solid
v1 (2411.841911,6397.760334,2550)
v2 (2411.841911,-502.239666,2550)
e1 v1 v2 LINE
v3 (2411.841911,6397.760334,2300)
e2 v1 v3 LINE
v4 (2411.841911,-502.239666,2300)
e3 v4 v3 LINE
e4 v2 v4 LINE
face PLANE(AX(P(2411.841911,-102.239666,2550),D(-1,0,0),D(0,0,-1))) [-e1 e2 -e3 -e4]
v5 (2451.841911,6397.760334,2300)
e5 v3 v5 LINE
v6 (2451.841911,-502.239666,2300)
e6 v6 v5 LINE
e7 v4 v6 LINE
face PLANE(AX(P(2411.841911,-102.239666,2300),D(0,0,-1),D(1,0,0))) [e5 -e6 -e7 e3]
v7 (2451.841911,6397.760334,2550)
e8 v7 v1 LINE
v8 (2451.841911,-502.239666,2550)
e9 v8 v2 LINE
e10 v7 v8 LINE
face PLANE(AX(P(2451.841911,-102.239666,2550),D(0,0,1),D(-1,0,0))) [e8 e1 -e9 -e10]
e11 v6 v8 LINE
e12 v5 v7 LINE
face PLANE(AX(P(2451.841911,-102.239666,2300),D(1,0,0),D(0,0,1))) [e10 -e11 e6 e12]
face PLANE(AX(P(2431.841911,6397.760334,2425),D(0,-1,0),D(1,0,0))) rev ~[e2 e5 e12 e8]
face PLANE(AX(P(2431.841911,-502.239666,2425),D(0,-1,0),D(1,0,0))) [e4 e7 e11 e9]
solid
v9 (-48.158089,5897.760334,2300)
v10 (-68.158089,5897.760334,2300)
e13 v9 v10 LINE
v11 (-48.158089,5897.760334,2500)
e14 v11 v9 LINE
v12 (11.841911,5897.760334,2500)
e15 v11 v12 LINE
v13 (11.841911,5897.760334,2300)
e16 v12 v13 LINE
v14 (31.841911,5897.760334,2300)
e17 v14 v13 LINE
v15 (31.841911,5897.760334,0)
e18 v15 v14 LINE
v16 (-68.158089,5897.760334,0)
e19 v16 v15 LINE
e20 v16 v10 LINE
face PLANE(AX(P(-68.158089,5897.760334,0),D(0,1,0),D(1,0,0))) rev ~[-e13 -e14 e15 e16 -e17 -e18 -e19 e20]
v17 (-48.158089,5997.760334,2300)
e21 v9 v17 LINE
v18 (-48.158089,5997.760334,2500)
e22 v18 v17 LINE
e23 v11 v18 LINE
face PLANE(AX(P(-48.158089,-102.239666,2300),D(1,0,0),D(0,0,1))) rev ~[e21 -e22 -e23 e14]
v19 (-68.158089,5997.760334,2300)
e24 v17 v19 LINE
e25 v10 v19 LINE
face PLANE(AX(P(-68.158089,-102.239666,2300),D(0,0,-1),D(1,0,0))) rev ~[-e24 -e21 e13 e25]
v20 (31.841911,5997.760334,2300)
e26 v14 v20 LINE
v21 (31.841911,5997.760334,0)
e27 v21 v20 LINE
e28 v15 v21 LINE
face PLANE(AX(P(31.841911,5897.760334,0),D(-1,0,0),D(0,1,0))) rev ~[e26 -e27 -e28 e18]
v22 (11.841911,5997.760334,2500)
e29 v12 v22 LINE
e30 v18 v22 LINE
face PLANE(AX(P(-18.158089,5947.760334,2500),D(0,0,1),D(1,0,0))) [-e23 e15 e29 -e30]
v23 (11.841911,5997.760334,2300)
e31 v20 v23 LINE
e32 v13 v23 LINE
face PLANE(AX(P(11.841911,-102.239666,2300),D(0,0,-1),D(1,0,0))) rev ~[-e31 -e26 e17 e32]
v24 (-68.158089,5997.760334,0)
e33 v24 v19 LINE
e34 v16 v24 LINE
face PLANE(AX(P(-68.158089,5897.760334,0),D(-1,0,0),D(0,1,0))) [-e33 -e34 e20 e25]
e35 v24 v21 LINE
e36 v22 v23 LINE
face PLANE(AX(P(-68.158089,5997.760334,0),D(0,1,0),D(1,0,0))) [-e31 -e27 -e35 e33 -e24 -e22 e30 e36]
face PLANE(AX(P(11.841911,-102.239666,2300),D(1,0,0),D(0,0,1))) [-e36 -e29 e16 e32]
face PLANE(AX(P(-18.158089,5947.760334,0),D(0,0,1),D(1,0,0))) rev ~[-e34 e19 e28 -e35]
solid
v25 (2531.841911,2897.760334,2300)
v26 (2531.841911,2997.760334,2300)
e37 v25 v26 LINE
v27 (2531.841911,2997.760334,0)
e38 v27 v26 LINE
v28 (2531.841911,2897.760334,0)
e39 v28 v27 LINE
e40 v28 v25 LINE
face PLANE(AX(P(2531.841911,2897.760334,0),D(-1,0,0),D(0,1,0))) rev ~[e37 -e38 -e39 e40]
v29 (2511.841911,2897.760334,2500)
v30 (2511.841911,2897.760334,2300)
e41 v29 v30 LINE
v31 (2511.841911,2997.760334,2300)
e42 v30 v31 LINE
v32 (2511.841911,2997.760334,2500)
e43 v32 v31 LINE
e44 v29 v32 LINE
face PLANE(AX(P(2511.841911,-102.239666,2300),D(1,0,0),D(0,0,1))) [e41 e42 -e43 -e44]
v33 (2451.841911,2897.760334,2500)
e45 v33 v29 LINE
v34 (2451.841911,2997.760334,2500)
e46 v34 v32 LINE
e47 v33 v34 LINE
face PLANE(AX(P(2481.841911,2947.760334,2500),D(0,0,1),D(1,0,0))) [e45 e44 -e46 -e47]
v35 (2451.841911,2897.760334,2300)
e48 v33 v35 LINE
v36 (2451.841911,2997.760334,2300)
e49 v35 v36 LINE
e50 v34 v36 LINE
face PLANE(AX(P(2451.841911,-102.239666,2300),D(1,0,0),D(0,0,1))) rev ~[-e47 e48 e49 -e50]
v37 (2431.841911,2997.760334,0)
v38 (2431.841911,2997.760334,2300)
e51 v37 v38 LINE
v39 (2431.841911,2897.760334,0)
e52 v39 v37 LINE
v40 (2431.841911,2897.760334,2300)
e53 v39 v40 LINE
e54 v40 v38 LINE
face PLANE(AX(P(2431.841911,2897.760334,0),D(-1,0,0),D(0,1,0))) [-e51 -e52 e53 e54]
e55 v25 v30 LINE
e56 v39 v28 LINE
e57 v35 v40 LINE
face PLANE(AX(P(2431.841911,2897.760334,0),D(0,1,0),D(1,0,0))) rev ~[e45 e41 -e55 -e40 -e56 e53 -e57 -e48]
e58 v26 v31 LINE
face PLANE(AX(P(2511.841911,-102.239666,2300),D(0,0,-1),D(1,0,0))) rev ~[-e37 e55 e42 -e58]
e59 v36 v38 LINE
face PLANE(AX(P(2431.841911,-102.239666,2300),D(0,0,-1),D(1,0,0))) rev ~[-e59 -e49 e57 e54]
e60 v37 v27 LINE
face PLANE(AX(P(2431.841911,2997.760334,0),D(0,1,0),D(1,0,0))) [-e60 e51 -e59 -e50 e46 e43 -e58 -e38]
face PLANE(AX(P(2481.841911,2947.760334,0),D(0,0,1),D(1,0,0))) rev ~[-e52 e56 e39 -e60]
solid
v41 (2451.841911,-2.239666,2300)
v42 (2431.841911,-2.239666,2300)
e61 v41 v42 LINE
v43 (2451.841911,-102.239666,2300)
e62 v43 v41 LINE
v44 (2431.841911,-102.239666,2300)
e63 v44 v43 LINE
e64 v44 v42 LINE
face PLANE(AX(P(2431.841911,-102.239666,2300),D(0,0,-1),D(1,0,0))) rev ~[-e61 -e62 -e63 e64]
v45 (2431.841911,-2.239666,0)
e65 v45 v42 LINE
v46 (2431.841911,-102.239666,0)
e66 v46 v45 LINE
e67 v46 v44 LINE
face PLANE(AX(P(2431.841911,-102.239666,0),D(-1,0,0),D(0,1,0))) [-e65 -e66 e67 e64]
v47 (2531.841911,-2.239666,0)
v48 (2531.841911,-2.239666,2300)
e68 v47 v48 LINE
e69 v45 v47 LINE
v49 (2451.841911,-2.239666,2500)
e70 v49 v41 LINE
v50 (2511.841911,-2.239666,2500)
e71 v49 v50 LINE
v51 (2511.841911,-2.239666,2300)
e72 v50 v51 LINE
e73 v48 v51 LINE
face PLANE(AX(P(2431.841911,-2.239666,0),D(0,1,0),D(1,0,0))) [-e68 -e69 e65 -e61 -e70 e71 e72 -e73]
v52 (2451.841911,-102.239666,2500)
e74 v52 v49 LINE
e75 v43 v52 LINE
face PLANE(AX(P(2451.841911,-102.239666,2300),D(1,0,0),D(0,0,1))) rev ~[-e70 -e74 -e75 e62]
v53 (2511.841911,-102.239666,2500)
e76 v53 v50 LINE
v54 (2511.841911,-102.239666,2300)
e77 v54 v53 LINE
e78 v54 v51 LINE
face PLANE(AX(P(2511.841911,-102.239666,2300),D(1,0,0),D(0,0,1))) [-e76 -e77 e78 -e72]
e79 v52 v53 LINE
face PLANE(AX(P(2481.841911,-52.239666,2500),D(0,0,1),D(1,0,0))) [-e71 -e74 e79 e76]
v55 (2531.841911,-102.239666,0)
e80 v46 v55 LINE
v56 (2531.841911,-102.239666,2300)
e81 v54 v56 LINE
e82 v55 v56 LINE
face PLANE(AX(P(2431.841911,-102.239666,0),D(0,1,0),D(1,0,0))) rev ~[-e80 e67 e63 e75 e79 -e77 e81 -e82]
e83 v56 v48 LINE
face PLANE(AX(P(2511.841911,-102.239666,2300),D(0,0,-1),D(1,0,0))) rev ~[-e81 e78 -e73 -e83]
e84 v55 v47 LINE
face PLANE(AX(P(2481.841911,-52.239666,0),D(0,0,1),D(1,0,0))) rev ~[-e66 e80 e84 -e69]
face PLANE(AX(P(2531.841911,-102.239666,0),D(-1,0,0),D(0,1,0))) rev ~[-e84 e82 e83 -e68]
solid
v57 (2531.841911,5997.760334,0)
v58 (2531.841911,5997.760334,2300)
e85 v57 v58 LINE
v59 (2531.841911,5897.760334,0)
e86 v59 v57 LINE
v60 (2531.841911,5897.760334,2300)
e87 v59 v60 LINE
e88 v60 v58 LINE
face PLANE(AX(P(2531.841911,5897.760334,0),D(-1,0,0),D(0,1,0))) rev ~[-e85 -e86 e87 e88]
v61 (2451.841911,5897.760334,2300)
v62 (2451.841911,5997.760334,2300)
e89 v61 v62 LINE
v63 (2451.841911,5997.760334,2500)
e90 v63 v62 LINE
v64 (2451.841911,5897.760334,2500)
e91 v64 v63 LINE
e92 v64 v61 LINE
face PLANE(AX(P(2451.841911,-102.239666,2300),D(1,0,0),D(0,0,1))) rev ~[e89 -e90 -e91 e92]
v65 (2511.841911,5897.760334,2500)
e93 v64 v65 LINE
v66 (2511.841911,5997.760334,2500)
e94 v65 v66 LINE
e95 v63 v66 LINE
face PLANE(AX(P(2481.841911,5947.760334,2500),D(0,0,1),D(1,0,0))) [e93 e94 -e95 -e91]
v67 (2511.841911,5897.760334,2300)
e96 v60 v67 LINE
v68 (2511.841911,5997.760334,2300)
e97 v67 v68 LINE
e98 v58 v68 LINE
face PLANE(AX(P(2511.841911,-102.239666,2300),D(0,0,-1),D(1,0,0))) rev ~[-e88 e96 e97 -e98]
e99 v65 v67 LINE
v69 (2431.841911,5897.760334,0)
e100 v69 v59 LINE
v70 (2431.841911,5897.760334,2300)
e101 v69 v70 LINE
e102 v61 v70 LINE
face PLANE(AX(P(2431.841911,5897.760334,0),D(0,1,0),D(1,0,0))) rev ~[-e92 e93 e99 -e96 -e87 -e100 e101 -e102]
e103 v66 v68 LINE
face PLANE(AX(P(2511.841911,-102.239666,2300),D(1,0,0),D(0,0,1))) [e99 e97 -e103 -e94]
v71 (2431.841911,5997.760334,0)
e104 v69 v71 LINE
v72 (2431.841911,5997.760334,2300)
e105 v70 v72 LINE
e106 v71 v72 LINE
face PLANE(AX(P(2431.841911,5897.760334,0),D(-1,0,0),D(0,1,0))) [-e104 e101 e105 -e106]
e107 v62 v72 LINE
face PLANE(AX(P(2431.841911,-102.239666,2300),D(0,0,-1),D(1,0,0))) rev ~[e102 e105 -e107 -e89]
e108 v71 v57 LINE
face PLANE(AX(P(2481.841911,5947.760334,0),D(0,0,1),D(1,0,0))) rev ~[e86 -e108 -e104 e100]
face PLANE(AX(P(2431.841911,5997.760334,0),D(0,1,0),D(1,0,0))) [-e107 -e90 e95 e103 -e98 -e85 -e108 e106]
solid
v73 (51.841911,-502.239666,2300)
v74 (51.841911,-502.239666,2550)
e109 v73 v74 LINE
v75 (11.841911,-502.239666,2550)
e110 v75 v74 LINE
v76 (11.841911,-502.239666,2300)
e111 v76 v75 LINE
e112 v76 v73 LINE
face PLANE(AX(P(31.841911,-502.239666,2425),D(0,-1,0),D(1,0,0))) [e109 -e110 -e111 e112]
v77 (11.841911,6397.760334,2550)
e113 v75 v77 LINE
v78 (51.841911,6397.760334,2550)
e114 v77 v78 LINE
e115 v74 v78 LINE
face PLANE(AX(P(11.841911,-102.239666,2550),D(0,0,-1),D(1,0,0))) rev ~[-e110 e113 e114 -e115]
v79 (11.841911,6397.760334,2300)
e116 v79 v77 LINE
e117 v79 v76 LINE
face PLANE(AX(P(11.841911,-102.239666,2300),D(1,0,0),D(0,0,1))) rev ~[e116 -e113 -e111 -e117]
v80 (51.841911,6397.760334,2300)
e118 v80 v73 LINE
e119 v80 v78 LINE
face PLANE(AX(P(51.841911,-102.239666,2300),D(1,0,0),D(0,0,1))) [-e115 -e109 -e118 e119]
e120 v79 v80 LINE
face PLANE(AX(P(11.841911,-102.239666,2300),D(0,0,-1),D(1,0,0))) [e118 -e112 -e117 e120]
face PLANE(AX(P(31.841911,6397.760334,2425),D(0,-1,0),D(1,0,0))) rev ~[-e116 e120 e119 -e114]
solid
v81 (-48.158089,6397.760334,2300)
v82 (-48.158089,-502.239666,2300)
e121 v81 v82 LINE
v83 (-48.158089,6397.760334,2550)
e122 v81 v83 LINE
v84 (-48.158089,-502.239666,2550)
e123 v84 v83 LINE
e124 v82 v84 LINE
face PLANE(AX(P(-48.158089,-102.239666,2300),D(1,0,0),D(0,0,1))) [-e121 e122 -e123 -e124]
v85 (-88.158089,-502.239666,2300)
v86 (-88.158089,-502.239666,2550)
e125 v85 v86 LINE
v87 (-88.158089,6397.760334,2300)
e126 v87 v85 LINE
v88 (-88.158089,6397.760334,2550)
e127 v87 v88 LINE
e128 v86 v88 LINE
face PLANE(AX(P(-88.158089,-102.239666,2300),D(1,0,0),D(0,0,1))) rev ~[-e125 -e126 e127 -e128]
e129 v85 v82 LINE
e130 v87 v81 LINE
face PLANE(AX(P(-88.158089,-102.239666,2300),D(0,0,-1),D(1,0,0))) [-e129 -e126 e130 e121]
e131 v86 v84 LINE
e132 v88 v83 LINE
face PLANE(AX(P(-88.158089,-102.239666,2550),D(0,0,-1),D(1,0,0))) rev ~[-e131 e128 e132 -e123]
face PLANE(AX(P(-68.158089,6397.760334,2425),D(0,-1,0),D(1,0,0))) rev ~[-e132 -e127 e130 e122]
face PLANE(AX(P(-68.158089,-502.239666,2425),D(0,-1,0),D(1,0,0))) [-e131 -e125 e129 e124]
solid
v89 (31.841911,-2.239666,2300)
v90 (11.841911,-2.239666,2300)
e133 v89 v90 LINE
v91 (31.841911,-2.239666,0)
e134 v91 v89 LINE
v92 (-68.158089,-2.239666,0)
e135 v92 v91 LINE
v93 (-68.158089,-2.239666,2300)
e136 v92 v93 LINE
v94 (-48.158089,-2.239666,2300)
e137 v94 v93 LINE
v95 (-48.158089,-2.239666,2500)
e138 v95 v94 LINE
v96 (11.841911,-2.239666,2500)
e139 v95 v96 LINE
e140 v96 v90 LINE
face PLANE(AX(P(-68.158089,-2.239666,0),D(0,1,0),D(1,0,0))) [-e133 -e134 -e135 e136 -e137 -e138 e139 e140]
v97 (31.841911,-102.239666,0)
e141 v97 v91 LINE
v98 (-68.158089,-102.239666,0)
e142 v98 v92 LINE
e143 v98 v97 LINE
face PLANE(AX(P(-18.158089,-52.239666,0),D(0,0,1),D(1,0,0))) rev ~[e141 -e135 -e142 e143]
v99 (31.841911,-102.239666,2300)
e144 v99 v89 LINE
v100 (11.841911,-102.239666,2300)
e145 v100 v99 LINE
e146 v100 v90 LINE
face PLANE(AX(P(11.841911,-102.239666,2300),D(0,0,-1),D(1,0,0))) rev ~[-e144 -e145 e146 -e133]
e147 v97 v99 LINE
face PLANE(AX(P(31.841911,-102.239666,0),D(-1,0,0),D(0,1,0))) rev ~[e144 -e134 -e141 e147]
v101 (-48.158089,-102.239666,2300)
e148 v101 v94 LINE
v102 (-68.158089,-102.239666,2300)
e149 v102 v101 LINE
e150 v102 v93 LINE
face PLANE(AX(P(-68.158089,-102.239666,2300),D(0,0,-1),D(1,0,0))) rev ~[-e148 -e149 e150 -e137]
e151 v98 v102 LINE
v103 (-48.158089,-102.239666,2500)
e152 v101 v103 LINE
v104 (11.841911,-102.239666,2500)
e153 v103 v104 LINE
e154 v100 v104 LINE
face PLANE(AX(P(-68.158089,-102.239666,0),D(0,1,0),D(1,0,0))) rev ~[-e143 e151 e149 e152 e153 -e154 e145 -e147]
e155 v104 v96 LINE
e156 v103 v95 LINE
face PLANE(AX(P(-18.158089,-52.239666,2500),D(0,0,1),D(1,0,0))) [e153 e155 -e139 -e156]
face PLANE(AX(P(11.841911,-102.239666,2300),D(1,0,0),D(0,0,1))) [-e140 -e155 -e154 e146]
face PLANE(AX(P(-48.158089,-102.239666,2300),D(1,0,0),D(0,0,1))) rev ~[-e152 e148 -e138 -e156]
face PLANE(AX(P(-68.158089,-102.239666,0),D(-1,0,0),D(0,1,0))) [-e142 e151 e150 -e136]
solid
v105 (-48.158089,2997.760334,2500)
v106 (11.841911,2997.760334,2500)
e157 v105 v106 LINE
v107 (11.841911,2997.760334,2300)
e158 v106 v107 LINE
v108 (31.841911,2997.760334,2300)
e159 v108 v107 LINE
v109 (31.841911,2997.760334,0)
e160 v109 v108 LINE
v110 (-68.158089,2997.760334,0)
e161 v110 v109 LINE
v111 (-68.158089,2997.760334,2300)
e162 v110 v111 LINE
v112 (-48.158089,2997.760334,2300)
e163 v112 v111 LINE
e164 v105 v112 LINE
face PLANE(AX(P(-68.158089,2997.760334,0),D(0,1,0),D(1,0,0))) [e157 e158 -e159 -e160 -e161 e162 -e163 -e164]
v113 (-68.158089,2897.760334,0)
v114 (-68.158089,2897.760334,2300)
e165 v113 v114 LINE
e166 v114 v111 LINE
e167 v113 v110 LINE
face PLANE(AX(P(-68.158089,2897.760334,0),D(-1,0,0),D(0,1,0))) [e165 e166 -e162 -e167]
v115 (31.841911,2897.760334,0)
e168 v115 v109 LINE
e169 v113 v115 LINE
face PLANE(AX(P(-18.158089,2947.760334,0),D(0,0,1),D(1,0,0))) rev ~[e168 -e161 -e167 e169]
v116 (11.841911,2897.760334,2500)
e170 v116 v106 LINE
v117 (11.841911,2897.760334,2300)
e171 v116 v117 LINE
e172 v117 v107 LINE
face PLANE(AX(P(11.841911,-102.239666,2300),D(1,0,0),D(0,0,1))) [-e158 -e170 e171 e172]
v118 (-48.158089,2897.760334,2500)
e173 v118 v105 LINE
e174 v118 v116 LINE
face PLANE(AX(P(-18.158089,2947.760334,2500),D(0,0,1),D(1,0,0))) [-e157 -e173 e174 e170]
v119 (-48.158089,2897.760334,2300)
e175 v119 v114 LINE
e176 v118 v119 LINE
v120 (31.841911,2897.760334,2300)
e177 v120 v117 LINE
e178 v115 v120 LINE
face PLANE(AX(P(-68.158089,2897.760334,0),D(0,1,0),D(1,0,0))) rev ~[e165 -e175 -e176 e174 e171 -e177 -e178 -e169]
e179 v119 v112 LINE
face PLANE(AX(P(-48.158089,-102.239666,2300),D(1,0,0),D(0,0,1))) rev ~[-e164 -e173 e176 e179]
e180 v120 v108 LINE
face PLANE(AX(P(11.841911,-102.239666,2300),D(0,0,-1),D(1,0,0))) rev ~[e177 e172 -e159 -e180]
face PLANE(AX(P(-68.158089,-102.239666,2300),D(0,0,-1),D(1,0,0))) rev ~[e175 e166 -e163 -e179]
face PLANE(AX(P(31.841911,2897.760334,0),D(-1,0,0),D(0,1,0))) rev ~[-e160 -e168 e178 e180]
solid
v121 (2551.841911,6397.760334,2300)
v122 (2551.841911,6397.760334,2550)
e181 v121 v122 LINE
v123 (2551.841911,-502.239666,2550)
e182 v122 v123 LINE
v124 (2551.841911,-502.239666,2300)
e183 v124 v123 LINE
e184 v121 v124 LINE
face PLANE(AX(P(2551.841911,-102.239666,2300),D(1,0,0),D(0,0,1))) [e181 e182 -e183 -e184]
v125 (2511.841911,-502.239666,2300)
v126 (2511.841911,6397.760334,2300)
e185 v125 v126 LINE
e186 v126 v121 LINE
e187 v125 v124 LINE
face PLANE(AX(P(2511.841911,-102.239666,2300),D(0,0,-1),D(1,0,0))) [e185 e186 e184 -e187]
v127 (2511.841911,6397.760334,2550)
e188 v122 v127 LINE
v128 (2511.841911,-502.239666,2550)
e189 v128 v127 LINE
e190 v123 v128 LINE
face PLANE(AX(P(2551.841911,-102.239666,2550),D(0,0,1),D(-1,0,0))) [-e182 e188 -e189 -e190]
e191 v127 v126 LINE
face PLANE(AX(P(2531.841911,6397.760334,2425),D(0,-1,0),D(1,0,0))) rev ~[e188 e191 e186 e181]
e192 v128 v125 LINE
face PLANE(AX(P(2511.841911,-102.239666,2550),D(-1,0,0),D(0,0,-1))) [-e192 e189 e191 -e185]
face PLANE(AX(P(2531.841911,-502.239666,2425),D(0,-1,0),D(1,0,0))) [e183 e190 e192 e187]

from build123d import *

# Parameters (mm, degrees)
F2_W          = 100
F2_H          = 100
F3_DEPTH      = 2500
F4_W          = 20
F4_H          = 200
F5_DEPTH      = 6100.001
F7_DEPTH      = 400
F7_DEPTH_BACK = 6500
F6_W          = 40
F6_H          = 250


with BuildPart() as f3:
    # F2 (on Top) → F3 (new body)
    with BuildSketch(Plane.XY):
        with Locations((-18.1580890232, -52.2396657616)):
            Rectangle(F2_W, F2_H)
    extrude(amount=F3_DEPTH)


with BuildPart() as f3b:
    # F2 (on Top) → F3, piece 2 (new body)
    with BuildSketch(Plane.XY):
        with Locations((-18.1580890232, 2947.7603342384)):
            Rectangle(F2_W, F2_H)
    extrude(amount=F3_DEPTH)


with BuildPart() as f3c:
    # F2 (on Top) → F3, piece 3 (new body)
    with BuildSketch(Plane.XY):
        with Locations((-18.1580890232, 5947.7603342384)):
            Rectangle(F2_W, F2_H)
    extrude(amount=F3_DEPTH)


with BuildPart() as f3d:
    # F2 (on Top) → F3, piece 4 (new body)
    with BuildSketch(Plane.XY):
        with Locations((2481.8419109768, 2947.7603342384)):
            Rectangle(F2_W, F2_H)
    extrude(amount=F3_DEPTH)


with BuildPart() as f3e:
    # F2 (on Top) → F3, piece 5 (new body)
    with BuildSketch(Plane.XY):
        with Locations((2481.8419109768, -52.2396657616)):
            Rectangle(F2_W, F2_H)
    extrude(amount=F3_DEPTH)


with BuildPart() as f3f:
    # F2 (on Top) → F3, piece 6 (new body)
    with BuildSketch(Plane.XY):
        with Locations((2481.8419109768, 5947.7603342384)):
            Rectangle(F2_W, F2_H)
    extrude(amount=F3_DEPTH)


with BuildPart() as f5_tool:
    # F4 (on face) → F5 (new body, through all)
    with BuildSketch(Plane.XZ.offset(102.2396657616)):
        with Locations((-58.1580890232, 2400)):
            Rectangle(F4_W, F4_H)
        with Locations((21.8419109768, 2400)):
            Rectangle(F4_W, F4_H)
        with Locations((2441.8419109768, 2400)):
            Rectangle(F4_W, F4_H)
        with Locations((2521.8419109768, 2400)):
            Rectangle(F4_W, F4_H)
    extrude(amount=-F5_DEPTH)


with BuildPart() as f3_1:
    add(f3.part)

    # F5: cut by f5_tool
    add(f5_tool.part, mode=Mode.SUBTRACT)


with BuildPart() as f3b_1:
    add(f3b.part)

    # F5: cut by f5_tool
    add(f5_tool.part, mode=Mode.SUBTRACT)


with BuildPart() as f3c_1:
    add(f3c.part)

    # F5: cut by f5_tool
    add(f5_tool.part, mode=Mode.SUBTRACT)


with BuildPart() as f3d_1:
    add(f3d.part)

    # F5: cut by f5_tool
    add(f5_tool.part, mode=Mode.SUBTRACT)


with BuildPart() as f3e_1:
    add(f3e.part)

    # F5: cut by f5_tool
    add(f5_tool.part, mode=Mode.SUBTRACT)


with BuildPart() as f3f_1:
    add(f3f.part)

    # F5: cut by f5_tool
    add(f5_tool.part, mode=Mode.SUBTRACT)


with BuildPart() as f7:
    # F6 (on face) → F7 (new body, two sides)
    with BuildSketch(Plane.XZ.offset(102.2396657616)) as f7_sk:
        Polygon((2451.8419109768, 2300), (2451.8419109768, 2500), (2451.8419109768, 2550), (2411.8419109768, 2550), (2411.8419109768, 2300), (2431.8419109768, 2300), align=None)
    extrude(amount=F7_DEPTH)
    extrude(f7_sk.sketch, amount=-F7_DEPTH_BACK)


with BuildPart() as f7b:
    # F6 (on face) → F7, piece 2 (new body, two sides)
    with BuildSketch(Plane.XZ.offset(102.2396657616)) as f7_2_sk:
        Polygon((2511.8419109768, 2500), (2511.8419109768, 2300), (2531.8419109768, 2300), (2551.8419109768, 2300), (2551.8419109768, 2550), (2511.8419109768, 2550), align=None)
    extrude(amount=F7_DEPTH)
    extrude(f7_2_sk.sketch, amount=-F7_DEPTH_BACK)


with BuildPart() as f7c:
    # F6 (on face) → F7, piece 3 (new body, two sides)
    with BuildSketch(Plane.XZ.offset(102.2396657616)) as f7_3_sk:
        with Locations((-68.1580890232, 2425)):
            Rectangle(F6_W, F6_H)
    extrude(amount=F7_DEPTH)
    extrude(f7_3_sk.sketch, amount=-F7_DEPTH_BACK)


with BuildPart() as f7d:
    # F6 (on face) → F7, piece 4 (new body, two sides)
    with BuildSketch(Plane.XZ.offset(102.2396657616)) as f7_4_sk:
        with Locations((31.8419109768, 2425)):
            Rectangle(F6_W, F6_H)
    extrude(amount=F7_DEPTH)
    extrude(f7_4_sk.sketch, amount=-F7_DEPTH_BACK)


solid = Compound([f3_1.part, f3b_1.part, f3c_1.part, f3d_1.part, f3e_1.part, f3f_1.part, f7.part, f7b.part, f7c.part, f7d.part])
